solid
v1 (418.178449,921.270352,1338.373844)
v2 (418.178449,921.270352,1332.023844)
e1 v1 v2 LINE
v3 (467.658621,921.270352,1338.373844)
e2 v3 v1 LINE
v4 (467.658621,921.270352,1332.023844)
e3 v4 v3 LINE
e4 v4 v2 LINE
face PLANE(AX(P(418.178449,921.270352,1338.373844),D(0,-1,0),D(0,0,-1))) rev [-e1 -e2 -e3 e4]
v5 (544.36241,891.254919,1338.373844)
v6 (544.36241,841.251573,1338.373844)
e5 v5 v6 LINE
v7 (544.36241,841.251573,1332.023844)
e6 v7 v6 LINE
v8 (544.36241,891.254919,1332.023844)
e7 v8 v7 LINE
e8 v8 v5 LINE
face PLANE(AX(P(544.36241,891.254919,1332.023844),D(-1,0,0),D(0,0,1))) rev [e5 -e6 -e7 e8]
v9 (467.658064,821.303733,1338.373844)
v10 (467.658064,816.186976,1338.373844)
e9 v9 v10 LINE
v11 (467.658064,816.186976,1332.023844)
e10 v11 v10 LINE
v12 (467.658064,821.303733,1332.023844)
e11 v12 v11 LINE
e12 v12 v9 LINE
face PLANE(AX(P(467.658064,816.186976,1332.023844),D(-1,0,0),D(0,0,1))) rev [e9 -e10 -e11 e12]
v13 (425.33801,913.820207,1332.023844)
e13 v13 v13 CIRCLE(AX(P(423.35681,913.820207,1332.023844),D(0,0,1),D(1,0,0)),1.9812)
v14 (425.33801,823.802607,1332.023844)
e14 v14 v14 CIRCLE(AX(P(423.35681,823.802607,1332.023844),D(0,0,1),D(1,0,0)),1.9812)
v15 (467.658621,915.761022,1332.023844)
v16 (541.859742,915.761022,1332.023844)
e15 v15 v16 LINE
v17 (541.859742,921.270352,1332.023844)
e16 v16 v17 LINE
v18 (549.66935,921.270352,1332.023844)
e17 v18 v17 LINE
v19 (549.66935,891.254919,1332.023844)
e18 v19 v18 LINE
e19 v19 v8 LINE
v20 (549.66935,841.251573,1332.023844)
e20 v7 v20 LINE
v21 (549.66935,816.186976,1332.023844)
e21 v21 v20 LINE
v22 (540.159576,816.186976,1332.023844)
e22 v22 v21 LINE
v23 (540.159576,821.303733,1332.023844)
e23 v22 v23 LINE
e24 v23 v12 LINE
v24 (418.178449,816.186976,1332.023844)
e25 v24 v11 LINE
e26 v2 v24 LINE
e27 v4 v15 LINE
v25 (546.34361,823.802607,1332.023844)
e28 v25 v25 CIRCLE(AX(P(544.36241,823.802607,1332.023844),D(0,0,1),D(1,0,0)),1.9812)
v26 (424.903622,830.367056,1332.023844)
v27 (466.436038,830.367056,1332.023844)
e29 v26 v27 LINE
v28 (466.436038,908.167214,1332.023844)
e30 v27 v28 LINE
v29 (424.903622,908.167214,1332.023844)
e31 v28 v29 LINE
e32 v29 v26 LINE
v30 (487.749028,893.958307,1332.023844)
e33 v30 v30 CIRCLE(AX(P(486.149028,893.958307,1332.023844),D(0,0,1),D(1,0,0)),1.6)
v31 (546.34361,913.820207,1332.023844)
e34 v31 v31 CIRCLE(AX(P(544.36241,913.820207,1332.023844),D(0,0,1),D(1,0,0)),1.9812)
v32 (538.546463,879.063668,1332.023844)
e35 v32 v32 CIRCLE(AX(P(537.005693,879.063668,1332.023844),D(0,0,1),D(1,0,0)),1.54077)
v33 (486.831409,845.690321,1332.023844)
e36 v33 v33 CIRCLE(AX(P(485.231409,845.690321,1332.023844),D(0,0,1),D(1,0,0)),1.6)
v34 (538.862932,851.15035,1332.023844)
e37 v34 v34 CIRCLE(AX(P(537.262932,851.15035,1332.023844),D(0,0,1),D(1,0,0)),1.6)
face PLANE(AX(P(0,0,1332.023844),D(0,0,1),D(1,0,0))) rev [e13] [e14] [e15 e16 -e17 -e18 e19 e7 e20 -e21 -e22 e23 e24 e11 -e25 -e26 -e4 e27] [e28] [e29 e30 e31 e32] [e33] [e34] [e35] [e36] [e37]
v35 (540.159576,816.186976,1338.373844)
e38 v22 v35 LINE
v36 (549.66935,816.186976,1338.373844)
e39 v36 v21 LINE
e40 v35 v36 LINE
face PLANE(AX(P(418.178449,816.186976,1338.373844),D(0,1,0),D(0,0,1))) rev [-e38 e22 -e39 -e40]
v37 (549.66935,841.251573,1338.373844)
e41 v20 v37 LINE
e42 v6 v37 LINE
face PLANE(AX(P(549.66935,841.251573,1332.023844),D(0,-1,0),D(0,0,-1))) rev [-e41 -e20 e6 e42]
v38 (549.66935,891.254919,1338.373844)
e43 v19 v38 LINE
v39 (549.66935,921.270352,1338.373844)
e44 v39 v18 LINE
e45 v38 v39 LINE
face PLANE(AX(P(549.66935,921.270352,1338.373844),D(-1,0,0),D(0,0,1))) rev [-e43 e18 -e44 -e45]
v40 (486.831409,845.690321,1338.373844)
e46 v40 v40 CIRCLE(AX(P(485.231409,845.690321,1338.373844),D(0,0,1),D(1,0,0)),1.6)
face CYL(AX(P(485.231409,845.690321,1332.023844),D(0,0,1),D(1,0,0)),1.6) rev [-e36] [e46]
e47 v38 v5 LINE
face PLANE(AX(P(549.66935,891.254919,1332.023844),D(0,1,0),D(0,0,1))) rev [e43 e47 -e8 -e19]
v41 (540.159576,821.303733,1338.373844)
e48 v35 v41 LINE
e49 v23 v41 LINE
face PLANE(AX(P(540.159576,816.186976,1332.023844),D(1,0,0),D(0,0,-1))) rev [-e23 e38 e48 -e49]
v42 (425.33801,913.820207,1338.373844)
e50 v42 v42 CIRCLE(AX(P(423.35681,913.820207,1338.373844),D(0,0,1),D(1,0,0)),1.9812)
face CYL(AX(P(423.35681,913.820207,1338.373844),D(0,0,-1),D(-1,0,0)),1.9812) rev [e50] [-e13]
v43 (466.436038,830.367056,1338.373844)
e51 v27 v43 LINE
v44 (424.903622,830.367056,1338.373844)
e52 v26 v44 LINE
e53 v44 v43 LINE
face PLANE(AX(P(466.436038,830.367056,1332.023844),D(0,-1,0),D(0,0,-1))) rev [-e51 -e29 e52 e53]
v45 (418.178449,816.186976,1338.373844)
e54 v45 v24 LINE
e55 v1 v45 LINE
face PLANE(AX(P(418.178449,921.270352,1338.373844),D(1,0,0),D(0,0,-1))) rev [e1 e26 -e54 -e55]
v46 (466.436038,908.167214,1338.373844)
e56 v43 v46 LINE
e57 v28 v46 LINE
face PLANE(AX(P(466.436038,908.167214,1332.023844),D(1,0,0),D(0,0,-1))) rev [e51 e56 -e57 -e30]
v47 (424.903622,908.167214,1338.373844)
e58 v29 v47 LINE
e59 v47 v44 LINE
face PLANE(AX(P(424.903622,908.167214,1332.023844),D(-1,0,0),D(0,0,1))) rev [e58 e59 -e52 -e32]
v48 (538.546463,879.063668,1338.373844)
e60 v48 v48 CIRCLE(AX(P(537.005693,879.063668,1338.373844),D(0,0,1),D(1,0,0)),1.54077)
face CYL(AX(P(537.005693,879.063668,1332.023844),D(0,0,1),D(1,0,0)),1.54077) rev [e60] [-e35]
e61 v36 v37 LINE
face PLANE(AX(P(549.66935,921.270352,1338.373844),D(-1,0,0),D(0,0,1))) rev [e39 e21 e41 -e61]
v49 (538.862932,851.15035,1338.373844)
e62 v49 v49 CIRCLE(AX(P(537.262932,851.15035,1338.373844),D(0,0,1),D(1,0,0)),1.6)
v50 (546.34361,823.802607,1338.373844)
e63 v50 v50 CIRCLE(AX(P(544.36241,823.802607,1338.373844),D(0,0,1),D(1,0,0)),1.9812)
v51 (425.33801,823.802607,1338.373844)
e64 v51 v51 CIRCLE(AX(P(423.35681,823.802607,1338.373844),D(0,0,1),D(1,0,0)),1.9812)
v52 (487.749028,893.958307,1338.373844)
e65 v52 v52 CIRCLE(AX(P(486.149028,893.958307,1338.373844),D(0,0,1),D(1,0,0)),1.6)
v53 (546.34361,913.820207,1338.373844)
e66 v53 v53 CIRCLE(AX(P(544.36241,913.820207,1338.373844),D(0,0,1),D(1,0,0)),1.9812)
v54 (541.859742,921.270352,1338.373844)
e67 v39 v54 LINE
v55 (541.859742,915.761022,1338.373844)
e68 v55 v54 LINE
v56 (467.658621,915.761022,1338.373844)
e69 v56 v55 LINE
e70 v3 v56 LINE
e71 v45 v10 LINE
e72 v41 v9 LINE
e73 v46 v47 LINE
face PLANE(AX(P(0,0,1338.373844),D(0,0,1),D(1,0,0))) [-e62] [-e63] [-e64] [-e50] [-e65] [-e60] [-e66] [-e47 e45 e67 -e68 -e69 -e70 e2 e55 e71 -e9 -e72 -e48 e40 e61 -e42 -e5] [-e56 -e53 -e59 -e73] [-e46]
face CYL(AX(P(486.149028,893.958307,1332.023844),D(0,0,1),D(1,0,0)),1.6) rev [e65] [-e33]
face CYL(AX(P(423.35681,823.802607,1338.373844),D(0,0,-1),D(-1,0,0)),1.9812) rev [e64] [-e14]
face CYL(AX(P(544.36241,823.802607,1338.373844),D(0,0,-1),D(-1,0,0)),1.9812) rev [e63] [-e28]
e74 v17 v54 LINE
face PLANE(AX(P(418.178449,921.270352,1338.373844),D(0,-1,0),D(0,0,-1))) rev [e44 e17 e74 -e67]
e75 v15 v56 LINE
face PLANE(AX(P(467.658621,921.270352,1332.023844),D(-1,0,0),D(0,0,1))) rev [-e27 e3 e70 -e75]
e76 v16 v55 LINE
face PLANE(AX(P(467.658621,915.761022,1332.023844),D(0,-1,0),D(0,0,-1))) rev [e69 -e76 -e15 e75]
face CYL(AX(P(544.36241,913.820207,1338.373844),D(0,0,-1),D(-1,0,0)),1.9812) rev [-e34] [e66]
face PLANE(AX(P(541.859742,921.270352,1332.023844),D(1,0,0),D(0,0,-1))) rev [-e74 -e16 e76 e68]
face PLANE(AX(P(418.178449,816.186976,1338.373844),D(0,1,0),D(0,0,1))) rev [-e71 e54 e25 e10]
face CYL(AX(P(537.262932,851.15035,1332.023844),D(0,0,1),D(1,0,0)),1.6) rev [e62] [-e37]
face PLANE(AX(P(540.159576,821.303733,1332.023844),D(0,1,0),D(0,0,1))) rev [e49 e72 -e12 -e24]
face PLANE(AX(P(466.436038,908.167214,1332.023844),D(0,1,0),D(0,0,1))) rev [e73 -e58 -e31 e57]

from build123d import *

# Parameters (mm, degrees)
SKETCH1_W                    = 131.490901353
SKETCH1_H                    = 105.083375897
SKETCH1_R                    = 1.9812
BASE_PLATE_DEPTH             = 6.35
SKETCH2_R                    = 1.6
SKETCH2_R_2                  = 1.540770003
ARDUINO_MOUNTING_HOLES_DEPTH = 6.35
SKETCH3_W                    = 41.532415145
SKETCH3_H                    = 77.800157949
CABLE_OPENING_DEPTH          = 6.35
SKETCH4_W                    = 74.20112143
SKETCH4_H                    = 5.509329328
SKETCH4_W_2                  = 72.501511829
SKETCH4_H_2                  = 5.116757241
SKETCH4_W_3                  = 5.306940646
SKETCH4_H_3                  = 50.003346063
CUT_EXTRUDE3_DEPTH           = 6.35


with BuildPart() as part:
    # Sketch1 → Base_Plate (new body)
    with BuildSketch(Plane.XY.offset(1332.023843603)):
        with Locations((483.923899553, 868.728663849)):
            Rectangle(SKETCH1_W, SKETCH1_H)
        with Locations((423.356809583, 913.820206664)):
            Circle(SKETCH1_R, mode=Mode.SUBTRACT)
        with Locations((544.362409583, 913.820206664)):
            Circle(SKETCH1_R, mode=Mode.SUBTRACT)
        with Locations((544.362409583, 823.802606664)):
            Circle(SKETCH1_R, mode=Mode.SUBTRACT)
        with Locations((423.356809583, 823.802606664)):
            Circle(SKETCH1_R, mode=Mode.SUBTRACT)
    extrude(amount=BASE_PLATE_DEPTH)

    # Sketch2 → Arduino_Mounting_Holes (cut)
    with BuildSketch(Plane.XY.offset(1338.373843603)):
        with Locations((486.149027751, 893.958307234)):
            Circle(SKETCH2_R)
        with Locations((537.005692703, 879.063667595)):
            Circle(SKETCH2_R_2)
        with Locations((537.262931981, 851.150350094)):
            Circle(SKETCH2_R)
        with Locations((485.231408993, 845.690321199)):
            Circle(SKETCH2_R)
    extrude(amount=-ARDUINO_MOUNTING_HOLES_DEPTH, mode=Mode.SUBTRACT)

    # Sketch3 → Cable_Opening (cut)
    with BuildSketch(Plane.XY.offset(1338.373843603)):
        with Locations((445.669830045, 869.267134618)):
            Rectangle(SKETCH3_W, SKETCH3_H)
    extrude(amount=-CABLE_OPENING_DEPTH, mode=Mode.SUBTRACT)

    # Sketch4 → Cut-Extrude3 (cut)
    with BuildSketch(Plane.XY.offset(1338.373843603)):
        with Locations((504.759181332, 918.515687133)):
            Rectangle(SKETCH4_W, SKETCH4_H)
        with Locations((503.90881977, 818.745354521)):
            Rectangle(SKETCH4_W_2, SKETCH4_H_2)
        with Locations((547.015879906, 866.253246095)):
            Rectangle(SKETCH4_W_3, SKETCH4_H_3)
    extrude(amount=-CUT_EXTRUDE3_DEPTH, mode=Mode.SUBTRACT)


solid = part.part
